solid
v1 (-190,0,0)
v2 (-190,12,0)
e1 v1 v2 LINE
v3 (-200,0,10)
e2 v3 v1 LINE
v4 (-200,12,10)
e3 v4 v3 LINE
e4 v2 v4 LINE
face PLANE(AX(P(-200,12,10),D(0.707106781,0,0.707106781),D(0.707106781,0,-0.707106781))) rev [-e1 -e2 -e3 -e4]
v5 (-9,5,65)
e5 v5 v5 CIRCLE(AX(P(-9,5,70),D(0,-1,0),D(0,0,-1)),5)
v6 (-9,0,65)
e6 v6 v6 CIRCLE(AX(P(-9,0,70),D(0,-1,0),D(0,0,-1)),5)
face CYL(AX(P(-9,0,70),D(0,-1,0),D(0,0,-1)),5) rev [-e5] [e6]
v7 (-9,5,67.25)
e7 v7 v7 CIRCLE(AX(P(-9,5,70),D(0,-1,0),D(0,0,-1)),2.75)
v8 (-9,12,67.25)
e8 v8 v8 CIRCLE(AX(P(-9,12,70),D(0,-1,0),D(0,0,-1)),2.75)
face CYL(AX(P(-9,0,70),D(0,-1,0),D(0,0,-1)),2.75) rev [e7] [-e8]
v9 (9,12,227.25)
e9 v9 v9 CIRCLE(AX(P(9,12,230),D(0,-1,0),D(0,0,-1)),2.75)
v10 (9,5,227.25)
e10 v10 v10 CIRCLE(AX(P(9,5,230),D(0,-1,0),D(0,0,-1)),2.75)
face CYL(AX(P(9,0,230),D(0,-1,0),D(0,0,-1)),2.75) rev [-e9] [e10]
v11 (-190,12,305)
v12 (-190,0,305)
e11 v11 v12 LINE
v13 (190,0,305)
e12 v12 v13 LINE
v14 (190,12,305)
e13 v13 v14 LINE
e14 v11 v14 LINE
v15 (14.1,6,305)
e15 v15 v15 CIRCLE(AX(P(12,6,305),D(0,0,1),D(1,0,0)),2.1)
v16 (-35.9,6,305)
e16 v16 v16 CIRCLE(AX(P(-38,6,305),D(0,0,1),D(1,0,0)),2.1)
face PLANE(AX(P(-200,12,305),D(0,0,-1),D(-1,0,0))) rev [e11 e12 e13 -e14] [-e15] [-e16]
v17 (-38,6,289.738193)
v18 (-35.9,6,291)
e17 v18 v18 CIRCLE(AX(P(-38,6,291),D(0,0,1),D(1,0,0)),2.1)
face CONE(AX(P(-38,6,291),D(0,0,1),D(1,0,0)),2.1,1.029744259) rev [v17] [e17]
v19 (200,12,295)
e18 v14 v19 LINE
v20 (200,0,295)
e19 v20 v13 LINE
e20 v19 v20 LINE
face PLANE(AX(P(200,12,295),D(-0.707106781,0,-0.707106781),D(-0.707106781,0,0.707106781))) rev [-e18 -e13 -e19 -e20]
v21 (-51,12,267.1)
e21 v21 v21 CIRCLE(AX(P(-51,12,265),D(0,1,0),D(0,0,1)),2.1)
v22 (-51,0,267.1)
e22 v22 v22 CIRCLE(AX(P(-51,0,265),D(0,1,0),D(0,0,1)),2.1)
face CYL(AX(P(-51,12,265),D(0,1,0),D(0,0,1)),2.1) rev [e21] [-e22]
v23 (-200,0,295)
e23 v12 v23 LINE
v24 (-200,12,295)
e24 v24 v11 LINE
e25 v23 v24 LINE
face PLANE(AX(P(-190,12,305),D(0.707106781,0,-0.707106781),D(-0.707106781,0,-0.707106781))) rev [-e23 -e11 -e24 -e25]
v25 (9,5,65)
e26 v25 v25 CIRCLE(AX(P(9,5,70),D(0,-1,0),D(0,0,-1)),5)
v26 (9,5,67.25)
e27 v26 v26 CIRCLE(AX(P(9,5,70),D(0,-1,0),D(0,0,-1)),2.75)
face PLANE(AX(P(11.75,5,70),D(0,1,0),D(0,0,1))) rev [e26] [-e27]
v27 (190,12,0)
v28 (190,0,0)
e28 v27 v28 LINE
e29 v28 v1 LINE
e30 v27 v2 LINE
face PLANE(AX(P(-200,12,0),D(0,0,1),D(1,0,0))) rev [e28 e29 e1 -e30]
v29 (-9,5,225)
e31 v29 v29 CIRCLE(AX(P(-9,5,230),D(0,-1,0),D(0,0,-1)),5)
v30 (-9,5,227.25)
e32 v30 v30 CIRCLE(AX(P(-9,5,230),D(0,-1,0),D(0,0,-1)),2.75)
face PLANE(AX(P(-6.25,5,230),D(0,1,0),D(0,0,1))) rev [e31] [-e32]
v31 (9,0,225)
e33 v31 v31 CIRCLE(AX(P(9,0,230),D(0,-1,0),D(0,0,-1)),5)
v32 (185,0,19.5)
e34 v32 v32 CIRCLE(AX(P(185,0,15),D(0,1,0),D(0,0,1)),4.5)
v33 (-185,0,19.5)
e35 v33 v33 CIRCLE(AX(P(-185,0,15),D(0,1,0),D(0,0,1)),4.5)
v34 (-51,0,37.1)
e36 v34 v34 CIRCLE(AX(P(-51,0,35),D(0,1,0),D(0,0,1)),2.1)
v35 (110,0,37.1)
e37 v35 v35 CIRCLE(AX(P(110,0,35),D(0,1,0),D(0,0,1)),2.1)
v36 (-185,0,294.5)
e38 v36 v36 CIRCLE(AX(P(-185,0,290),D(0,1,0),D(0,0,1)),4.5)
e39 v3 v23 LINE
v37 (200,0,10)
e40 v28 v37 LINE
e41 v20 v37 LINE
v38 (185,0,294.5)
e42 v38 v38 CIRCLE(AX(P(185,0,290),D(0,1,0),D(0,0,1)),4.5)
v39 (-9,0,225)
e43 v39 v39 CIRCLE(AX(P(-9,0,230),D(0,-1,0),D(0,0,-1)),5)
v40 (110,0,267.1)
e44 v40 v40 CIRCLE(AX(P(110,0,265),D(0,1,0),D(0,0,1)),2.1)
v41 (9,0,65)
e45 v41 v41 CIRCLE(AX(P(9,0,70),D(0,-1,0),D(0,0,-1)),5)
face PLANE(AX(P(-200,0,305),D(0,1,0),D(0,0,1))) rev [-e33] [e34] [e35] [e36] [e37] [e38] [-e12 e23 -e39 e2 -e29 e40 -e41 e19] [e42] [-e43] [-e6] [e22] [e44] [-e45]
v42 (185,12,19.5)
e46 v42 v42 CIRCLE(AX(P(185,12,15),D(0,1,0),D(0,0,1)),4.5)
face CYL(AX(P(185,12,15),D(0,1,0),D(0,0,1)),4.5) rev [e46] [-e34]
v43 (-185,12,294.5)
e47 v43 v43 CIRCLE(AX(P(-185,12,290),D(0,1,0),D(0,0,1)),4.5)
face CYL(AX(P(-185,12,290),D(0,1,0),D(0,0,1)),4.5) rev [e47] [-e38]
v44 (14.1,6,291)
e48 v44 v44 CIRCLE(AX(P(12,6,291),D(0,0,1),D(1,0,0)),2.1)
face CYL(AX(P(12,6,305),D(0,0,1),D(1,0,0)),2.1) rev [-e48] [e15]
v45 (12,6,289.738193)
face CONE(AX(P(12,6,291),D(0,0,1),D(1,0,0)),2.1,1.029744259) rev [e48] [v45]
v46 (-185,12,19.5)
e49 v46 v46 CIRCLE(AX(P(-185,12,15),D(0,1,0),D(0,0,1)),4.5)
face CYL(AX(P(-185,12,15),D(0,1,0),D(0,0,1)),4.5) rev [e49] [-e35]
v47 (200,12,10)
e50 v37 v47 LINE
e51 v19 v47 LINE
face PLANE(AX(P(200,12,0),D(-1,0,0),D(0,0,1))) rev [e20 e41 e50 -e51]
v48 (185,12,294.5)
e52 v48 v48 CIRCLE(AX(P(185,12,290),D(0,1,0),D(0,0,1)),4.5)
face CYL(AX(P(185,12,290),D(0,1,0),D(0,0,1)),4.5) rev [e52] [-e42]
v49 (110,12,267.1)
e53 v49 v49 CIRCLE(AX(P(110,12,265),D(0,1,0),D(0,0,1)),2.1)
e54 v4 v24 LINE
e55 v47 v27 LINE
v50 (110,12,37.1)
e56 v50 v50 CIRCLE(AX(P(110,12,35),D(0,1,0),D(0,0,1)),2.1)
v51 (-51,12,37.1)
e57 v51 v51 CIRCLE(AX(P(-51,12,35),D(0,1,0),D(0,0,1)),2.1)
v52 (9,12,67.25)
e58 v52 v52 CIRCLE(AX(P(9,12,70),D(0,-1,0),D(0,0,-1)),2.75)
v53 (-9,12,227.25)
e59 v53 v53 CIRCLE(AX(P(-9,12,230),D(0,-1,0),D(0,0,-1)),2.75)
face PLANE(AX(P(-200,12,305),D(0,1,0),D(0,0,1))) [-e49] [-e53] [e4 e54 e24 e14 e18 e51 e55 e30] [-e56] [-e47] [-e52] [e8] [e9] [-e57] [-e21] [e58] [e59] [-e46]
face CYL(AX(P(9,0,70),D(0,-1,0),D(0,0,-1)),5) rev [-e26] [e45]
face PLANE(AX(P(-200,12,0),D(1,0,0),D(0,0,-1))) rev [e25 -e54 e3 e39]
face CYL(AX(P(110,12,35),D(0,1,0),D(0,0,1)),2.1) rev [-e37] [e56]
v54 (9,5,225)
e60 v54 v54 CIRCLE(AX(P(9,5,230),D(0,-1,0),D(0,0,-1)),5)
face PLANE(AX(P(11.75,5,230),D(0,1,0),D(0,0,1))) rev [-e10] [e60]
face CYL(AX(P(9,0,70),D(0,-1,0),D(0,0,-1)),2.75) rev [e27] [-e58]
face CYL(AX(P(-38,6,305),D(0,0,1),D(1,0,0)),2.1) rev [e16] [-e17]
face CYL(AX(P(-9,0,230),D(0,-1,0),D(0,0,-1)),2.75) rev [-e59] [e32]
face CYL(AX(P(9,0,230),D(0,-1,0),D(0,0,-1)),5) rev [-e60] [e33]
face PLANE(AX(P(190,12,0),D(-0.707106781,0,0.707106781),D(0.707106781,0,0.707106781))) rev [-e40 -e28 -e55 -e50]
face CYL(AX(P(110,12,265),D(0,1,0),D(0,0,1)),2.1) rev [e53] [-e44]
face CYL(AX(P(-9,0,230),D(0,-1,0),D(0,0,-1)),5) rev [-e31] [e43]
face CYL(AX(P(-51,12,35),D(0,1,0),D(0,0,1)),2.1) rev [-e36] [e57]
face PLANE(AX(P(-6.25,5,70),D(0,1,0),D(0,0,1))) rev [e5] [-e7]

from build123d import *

# Parameters (mm, degrees)
SKETCH1_W                                       = 400
SKETCH1_H                                       = 305
BOSS_EXTRUDE1_DEPTH                             = 12
CBORE_FOR_M5_SOCKET_HEAD_CAP_SCREW1_D           = 5.5
CBORE_FOR_M5_SOCKET_HEAD_CAP_SCREW1_CBORE_D     = 10
CBORE_FOR_M5_SOCKET_HEAD_CAP_SCREW1_CBORE_DEPTH = 5
M5X0_8_TAPPED_HOLE1_D                           = 4.2
M5X0_8_TAPPED_HOLE1_DEPTH                       = 14
M5X0_8_TAPPED_HOLE1_TIP                         = 1.2618073
CHAMFER1_SIZE                                   = 10
M8_CLEARANCE_HOLE1_D                            = 9
M5X0_8_TAPPED_HOLE2_D                           = 4.2


with BuildPart() as part:
    # Sketch1 → Boss-Extrude1 (new body)
    with BuildSketch(Plane(origin=(0, 0, 0), x_dir=(1, 0, 0), z_dir=(0, 1, 0))):
        with Locations((0, -152.5)):
            Rectangle(SKETCH1_W, SKETCH1_H)
    extrude(amount=BOSS_EXTRUDE1_DEPTH)

    # CBORE for M5 Socket Head Cap Screw1 (through all)
    with Locations(Plane.XZ):
        with Locations((-9, 230), (-9, 70), (9, 70), (9, 230)):
            CounterBoreHole(CBORE_FOR_M5_SOCKET_HEAD_CAP_SCREW1_D / 2, CBORE_FOR_M5_SOCKET_HEAD_CAP_SCREW1_CBORE_D / 2, CBORE_FOR_M5_SOCKET_HEAD_CAP_SCREW1_CBORE_DEPTH)

    # M5x0.8 Tapped Hole1
    with Locations(Plane.XY.offset(305)):
        with Locations((-38, 6), (12, 6)):
            Hole(M5X0_8_TAPPED_HOLE1_D / 2, depth=M5X0_8_TAPPED_HOLE1_DEPTH)
            with Locations((0, 0, -(M5X0_8_TAPPED_HOLE1_DEPTH + M5X0_8_TAPPED_HOLE1_TIP / 2))):  # 118° drill point
                Cone(0, M5X0_8_TAPPED_HOLE1_D / 2, M5X0_8_TAPPED_HOLE1_TIP, mode=Mode.SUBTRACT)

    # Chamfer1
    chamfer1_edges = [part.edges().sort_by_distance(p)[0] for p in [
        (-200, 6, 0),
        (200, 6, 0),
        (200, 6, 305),
        (-200, 6, 305),
    ]]
    chamfer(chamfer1_edges, length=CHAMFER1_SIZE)

    # M8 Clearance Hole1 (through all)
    with Locations(Plane(origin=(0, 12, 0), x_dir=(-1, 0, 0), z_dir=(0, 1, 0))):
        with Locations((185, 290), (185, 15), (-185, 15), (-185, 290)):
            Hole(M8_CLEARANCE_HOLE1_D / 2)

    # M5x0.8 Tapped Hole2 (through all)
    with Locations(Plane(origin=(0, 12, 0), x_dir=(-1, 0, 0), z_dir=(0, 1, 0))):
        with Locations((51, 265), (51, 35), (-110, 265), (-110, 35)):
            Hole(M5X0_8_TAPPED_HOLE2_D / 2)


solid = part.part
